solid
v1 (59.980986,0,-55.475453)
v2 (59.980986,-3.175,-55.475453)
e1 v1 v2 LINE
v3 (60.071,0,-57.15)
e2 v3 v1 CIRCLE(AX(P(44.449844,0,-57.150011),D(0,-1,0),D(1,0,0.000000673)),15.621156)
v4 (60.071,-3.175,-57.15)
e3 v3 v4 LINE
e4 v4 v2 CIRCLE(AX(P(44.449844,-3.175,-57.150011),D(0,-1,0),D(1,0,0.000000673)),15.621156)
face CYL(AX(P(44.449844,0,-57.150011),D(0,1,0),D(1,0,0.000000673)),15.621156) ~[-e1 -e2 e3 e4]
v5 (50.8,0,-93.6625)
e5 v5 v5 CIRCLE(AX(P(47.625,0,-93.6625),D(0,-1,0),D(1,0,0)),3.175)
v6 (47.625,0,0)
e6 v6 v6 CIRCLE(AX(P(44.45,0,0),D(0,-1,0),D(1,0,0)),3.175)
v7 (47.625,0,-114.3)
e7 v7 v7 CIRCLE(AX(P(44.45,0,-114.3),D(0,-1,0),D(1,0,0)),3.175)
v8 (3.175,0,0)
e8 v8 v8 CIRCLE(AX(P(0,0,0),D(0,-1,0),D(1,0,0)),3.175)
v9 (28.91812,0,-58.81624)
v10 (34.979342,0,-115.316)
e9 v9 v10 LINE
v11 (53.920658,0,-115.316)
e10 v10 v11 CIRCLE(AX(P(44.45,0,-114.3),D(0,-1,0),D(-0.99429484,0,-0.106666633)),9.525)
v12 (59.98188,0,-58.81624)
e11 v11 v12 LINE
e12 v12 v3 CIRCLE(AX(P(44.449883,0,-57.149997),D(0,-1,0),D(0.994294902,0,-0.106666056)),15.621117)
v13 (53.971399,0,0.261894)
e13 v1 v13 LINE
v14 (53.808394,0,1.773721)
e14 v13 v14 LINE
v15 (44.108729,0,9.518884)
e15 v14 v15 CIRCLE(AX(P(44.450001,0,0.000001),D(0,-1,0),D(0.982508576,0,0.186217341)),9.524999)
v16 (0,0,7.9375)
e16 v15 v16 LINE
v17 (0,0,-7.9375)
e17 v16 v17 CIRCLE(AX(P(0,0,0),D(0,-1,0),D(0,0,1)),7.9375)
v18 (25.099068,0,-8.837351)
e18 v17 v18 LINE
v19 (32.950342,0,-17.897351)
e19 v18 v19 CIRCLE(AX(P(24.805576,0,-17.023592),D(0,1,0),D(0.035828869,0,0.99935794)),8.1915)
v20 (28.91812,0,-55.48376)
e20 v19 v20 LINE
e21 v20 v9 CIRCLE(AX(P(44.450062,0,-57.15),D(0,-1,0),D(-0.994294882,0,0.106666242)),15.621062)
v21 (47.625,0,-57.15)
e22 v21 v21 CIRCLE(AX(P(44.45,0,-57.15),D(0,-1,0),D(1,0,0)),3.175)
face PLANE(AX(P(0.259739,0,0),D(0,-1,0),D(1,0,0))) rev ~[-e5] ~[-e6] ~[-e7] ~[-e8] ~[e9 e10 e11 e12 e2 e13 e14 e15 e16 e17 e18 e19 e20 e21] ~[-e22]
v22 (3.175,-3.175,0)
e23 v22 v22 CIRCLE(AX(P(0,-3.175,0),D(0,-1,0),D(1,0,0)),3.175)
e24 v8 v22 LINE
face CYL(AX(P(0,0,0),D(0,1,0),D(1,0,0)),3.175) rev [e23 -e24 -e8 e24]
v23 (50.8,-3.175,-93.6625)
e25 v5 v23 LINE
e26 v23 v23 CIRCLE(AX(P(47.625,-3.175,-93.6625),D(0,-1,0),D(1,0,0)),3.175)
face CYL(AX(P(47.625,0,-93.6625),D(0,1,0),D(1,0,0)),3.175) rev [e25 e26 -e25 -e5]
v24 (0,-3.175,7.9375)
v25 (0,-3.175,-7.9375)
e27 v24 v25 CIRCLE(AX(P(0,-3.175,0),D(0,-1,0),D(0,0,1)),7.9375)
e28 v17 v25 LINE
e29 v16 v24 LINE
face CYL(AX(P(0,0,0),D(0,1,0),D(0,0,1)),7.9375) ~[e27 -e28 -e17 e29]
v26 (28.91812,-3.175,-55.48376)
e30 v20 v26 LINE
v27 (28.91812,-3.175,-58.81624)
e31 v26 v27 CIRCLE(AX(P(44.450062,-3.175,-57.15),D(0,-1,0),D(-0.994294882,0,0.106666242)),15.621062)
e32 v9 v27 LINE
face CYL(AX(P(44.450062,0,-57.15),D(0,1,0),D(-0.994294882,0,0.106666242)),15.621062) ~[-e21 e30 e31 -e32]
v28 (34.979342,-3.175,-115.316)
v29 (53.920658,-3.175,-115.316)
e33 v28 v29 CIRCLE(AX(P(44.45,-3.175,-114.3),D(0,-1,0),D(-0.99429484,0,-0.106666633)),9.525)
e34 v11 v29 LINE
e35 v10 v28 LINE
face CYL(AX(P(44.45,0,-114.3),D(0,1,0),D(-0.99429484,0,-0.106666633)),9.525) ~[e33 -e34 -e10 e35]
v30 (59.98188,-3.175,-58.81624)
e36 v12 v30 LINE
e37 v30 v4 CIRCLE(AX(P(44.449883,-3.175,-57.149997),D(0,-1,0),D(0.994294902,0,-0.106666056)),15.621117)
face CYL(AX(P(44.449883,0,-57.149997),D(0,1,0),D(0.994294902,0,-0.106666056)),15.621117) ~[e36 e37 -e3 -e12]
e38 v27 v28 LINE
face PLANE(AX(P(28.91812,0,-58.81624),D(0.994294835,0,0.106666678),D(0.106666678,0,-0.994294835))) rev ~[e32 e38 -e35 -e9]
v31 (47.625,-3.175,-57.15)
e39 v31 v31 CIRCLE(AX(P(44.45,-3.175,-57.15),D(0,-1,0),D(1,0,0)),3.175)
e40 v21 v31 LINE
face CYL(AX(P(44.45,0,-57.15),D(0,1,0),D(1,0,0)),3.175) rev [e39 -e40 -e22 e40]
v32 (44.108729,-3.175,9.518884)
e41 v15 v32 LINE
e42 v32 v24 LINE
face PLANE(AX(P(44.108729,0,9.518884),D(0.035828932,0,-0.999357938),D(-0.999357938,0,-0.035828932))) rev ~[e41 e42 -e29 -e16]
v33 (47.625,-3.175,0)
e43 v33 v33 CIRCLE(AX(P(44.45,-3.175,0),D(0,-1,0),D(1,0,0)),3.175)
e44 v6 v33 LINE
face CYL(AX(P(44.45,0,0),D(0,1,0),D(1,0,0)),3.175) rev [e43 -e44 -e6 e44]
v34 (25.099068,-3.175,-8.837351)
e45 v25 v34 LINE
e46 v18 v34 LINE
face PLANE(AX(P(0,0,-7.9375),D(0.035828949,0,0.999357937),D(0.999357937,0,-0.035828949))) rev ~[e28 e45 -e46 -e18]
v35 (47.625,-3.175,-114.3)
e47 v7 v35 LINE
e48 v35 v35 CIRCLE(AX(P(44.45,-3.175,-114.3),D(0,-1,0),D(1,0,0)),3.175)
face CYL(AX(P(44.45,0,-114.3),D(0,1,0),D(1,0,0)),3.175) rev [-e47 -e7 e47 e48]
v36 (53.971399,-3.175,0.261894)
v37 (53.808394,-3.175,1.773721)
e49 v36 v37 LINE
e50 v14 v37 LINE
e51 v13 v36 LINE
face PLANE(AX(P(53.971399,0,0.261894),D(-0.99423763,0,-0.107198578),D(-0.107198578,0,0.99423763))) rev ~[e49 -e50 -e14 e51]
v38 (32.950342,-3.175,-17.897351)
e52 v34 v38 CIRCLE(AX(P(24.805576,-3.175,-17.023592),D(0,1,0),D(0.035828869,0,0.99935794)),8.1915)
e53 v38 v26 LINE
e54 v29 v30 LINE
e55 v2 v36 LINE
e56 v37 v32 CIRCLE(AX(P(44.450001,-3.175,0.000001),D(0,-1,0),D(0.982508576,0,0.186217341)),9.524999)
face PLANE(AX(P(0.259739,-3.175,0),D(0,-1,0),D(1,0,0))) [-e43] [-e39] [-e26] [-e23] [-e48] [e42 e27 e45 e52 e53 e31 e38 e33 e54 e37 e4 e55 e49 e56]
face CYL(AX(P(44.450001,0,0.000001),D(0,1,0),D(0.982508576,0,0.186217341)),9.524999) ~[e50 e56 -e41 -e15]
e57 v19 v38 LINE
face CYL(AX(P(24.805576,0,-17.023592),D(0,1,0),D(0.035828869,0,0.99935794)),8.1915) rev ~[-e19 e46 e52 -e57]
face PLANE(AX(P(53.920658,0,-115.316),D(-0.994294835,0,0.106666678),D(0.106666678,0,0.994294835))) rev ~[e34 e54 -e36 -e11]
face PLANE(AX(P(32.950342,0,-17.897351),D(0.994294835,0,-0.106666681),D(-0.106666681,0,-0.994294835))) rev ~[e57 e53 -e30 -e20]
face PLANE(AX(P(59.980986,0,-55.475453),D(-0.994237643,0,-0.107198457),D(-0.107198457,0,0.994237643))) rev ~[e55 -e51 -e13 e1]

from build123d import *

# Parameters (mm, degrees)
F0_R     = 3.175
F1_DEPTH = 3.175


with BuildPart() as f1:
    # F0 (on Front) → F1 (new body)
    with BuildSketch(Plane.XZ):
        with BuildLine():
            ThreePointArc((0, -7.9375), (5.61266, -5.61266), (7.9375, 0))
            ThreePointArc((7.9375, 0), (5.61266, 5.61266), (0, 7.9375))
            ThreePointArc((0, 7.9375), (-7.9375, 0), (0, -7.9375))
        make_face()
        Circle(F0_R, mode=Mode.SUBTRACT)
        with BuildLine():
            ThreePointArc((59.980986, -55.475453), (44.445822, -41.529001), (28.91812, -55.48376))
            ThreePointArc((28.91812, -55.48376), (28.829, -57.15), (28.91812, -58.81624))
            ThreePointArc((28.91812, -58.81624), (44.45, -72.771), (59.98188, -58.81624))
            ThreePointArc((59.98188, -58.81624), (60.048704, -57.984311), (60.071, -57.15))
            ThreePointArc((60.071, -57.15), (60.04848, -56.311518), (59.980986, -55.475453))
        make_face()
        with Locations((44.45, -57.15)):
            Circle(F0_R, mode=Mode.SUBTRACT)
        with BuildLine():
            ThreePointArc((53.808394, 1.773721), (50.393401, 7.443226), (44.108729, 9.518884))
            ThreePointArc((44.108729, 9.518884), (37.836566, -6.854788), (53.975, 0))
            ThreePointArc((53.975, 0), (53.9741, 0.130959), (53.971399, 0.261894))
            Line((53.971399, 0.261894), (53.808394, 1.773721))
        make_face()
        with Locations((44.45, 0)):
            Circle(F0_R, mode=Mode.SUBTRACT)
        with BuildLine():
            ThreePointArc((53.975, -114.3), (43.941274, -104.788595), (34.979342, -115.316))
            ThreePointArc((34.979342, -115.316), (44.45, -123.825), (53.920658, -115.316))
            ThreePointArc((53.920658, -115.316), (53.961405, -114.808726), (53.975, -114.3))
        make_face()
        with Locations((44.45, -114.3)):
            Circle(F0_R, mode=Mode.SUBTRACT)
        with BuildLine():
            ThreePointArc((59.98188, -58.81624), (44.45, -72.771), (28.91812, -58.81624))
            Line((28.91812, -58.81624), (34.979342, -115.316))
            ThreePointArc((34.979342, -115.316), (43.941274, -104.788595), (53.975, -114.3))
            ThreePointArc((53.975, -114.3), (53.961405, -114.808726), (53.920658, -115.316))
            Line((53.920658, -115.316), (59.98188, -58.81624))
        make_face()
        with Locations((47.625, -93.6625)):
            Circle(F0_R, mode=Mode.SUBTRACT)
        with BuildLine():
            ThreePointArc((0, 7.9375), (5.61266, 5.61266), (7.9375, 0))
            ThreePointArc((7.9375, 0), (5.61266, -5.61266), (0, -7.9375))
            Line((0, -7.9375), (25.099068, -8.837351))
            ThreePointArc((25.099068, -8.837351), (30.996049, -11.659012), (32.950342, -17.897351))
            Line((32.950342, -17.897351), (28.91812, -55.48376))
            ThreePointArc((28.91812, -55.48376), (44.445822, -41.529001), (59.980986, -55.475453))
            Line((59.980986, -55.475453), (53.971399, 0.261894))
            ThreePointArc((53.971399, 0.261894), (53.9741, 0.130959), (53.975, 0))
            ThreePointArc((53.975, 0), (37.836566, -6.854788), (44.108729, 9.518884))
            Line((44.108729, 9.518884), (0, 7.9375))
        make_face()
    extrude(amount=F1_DEPTH)


solid = f1.part
